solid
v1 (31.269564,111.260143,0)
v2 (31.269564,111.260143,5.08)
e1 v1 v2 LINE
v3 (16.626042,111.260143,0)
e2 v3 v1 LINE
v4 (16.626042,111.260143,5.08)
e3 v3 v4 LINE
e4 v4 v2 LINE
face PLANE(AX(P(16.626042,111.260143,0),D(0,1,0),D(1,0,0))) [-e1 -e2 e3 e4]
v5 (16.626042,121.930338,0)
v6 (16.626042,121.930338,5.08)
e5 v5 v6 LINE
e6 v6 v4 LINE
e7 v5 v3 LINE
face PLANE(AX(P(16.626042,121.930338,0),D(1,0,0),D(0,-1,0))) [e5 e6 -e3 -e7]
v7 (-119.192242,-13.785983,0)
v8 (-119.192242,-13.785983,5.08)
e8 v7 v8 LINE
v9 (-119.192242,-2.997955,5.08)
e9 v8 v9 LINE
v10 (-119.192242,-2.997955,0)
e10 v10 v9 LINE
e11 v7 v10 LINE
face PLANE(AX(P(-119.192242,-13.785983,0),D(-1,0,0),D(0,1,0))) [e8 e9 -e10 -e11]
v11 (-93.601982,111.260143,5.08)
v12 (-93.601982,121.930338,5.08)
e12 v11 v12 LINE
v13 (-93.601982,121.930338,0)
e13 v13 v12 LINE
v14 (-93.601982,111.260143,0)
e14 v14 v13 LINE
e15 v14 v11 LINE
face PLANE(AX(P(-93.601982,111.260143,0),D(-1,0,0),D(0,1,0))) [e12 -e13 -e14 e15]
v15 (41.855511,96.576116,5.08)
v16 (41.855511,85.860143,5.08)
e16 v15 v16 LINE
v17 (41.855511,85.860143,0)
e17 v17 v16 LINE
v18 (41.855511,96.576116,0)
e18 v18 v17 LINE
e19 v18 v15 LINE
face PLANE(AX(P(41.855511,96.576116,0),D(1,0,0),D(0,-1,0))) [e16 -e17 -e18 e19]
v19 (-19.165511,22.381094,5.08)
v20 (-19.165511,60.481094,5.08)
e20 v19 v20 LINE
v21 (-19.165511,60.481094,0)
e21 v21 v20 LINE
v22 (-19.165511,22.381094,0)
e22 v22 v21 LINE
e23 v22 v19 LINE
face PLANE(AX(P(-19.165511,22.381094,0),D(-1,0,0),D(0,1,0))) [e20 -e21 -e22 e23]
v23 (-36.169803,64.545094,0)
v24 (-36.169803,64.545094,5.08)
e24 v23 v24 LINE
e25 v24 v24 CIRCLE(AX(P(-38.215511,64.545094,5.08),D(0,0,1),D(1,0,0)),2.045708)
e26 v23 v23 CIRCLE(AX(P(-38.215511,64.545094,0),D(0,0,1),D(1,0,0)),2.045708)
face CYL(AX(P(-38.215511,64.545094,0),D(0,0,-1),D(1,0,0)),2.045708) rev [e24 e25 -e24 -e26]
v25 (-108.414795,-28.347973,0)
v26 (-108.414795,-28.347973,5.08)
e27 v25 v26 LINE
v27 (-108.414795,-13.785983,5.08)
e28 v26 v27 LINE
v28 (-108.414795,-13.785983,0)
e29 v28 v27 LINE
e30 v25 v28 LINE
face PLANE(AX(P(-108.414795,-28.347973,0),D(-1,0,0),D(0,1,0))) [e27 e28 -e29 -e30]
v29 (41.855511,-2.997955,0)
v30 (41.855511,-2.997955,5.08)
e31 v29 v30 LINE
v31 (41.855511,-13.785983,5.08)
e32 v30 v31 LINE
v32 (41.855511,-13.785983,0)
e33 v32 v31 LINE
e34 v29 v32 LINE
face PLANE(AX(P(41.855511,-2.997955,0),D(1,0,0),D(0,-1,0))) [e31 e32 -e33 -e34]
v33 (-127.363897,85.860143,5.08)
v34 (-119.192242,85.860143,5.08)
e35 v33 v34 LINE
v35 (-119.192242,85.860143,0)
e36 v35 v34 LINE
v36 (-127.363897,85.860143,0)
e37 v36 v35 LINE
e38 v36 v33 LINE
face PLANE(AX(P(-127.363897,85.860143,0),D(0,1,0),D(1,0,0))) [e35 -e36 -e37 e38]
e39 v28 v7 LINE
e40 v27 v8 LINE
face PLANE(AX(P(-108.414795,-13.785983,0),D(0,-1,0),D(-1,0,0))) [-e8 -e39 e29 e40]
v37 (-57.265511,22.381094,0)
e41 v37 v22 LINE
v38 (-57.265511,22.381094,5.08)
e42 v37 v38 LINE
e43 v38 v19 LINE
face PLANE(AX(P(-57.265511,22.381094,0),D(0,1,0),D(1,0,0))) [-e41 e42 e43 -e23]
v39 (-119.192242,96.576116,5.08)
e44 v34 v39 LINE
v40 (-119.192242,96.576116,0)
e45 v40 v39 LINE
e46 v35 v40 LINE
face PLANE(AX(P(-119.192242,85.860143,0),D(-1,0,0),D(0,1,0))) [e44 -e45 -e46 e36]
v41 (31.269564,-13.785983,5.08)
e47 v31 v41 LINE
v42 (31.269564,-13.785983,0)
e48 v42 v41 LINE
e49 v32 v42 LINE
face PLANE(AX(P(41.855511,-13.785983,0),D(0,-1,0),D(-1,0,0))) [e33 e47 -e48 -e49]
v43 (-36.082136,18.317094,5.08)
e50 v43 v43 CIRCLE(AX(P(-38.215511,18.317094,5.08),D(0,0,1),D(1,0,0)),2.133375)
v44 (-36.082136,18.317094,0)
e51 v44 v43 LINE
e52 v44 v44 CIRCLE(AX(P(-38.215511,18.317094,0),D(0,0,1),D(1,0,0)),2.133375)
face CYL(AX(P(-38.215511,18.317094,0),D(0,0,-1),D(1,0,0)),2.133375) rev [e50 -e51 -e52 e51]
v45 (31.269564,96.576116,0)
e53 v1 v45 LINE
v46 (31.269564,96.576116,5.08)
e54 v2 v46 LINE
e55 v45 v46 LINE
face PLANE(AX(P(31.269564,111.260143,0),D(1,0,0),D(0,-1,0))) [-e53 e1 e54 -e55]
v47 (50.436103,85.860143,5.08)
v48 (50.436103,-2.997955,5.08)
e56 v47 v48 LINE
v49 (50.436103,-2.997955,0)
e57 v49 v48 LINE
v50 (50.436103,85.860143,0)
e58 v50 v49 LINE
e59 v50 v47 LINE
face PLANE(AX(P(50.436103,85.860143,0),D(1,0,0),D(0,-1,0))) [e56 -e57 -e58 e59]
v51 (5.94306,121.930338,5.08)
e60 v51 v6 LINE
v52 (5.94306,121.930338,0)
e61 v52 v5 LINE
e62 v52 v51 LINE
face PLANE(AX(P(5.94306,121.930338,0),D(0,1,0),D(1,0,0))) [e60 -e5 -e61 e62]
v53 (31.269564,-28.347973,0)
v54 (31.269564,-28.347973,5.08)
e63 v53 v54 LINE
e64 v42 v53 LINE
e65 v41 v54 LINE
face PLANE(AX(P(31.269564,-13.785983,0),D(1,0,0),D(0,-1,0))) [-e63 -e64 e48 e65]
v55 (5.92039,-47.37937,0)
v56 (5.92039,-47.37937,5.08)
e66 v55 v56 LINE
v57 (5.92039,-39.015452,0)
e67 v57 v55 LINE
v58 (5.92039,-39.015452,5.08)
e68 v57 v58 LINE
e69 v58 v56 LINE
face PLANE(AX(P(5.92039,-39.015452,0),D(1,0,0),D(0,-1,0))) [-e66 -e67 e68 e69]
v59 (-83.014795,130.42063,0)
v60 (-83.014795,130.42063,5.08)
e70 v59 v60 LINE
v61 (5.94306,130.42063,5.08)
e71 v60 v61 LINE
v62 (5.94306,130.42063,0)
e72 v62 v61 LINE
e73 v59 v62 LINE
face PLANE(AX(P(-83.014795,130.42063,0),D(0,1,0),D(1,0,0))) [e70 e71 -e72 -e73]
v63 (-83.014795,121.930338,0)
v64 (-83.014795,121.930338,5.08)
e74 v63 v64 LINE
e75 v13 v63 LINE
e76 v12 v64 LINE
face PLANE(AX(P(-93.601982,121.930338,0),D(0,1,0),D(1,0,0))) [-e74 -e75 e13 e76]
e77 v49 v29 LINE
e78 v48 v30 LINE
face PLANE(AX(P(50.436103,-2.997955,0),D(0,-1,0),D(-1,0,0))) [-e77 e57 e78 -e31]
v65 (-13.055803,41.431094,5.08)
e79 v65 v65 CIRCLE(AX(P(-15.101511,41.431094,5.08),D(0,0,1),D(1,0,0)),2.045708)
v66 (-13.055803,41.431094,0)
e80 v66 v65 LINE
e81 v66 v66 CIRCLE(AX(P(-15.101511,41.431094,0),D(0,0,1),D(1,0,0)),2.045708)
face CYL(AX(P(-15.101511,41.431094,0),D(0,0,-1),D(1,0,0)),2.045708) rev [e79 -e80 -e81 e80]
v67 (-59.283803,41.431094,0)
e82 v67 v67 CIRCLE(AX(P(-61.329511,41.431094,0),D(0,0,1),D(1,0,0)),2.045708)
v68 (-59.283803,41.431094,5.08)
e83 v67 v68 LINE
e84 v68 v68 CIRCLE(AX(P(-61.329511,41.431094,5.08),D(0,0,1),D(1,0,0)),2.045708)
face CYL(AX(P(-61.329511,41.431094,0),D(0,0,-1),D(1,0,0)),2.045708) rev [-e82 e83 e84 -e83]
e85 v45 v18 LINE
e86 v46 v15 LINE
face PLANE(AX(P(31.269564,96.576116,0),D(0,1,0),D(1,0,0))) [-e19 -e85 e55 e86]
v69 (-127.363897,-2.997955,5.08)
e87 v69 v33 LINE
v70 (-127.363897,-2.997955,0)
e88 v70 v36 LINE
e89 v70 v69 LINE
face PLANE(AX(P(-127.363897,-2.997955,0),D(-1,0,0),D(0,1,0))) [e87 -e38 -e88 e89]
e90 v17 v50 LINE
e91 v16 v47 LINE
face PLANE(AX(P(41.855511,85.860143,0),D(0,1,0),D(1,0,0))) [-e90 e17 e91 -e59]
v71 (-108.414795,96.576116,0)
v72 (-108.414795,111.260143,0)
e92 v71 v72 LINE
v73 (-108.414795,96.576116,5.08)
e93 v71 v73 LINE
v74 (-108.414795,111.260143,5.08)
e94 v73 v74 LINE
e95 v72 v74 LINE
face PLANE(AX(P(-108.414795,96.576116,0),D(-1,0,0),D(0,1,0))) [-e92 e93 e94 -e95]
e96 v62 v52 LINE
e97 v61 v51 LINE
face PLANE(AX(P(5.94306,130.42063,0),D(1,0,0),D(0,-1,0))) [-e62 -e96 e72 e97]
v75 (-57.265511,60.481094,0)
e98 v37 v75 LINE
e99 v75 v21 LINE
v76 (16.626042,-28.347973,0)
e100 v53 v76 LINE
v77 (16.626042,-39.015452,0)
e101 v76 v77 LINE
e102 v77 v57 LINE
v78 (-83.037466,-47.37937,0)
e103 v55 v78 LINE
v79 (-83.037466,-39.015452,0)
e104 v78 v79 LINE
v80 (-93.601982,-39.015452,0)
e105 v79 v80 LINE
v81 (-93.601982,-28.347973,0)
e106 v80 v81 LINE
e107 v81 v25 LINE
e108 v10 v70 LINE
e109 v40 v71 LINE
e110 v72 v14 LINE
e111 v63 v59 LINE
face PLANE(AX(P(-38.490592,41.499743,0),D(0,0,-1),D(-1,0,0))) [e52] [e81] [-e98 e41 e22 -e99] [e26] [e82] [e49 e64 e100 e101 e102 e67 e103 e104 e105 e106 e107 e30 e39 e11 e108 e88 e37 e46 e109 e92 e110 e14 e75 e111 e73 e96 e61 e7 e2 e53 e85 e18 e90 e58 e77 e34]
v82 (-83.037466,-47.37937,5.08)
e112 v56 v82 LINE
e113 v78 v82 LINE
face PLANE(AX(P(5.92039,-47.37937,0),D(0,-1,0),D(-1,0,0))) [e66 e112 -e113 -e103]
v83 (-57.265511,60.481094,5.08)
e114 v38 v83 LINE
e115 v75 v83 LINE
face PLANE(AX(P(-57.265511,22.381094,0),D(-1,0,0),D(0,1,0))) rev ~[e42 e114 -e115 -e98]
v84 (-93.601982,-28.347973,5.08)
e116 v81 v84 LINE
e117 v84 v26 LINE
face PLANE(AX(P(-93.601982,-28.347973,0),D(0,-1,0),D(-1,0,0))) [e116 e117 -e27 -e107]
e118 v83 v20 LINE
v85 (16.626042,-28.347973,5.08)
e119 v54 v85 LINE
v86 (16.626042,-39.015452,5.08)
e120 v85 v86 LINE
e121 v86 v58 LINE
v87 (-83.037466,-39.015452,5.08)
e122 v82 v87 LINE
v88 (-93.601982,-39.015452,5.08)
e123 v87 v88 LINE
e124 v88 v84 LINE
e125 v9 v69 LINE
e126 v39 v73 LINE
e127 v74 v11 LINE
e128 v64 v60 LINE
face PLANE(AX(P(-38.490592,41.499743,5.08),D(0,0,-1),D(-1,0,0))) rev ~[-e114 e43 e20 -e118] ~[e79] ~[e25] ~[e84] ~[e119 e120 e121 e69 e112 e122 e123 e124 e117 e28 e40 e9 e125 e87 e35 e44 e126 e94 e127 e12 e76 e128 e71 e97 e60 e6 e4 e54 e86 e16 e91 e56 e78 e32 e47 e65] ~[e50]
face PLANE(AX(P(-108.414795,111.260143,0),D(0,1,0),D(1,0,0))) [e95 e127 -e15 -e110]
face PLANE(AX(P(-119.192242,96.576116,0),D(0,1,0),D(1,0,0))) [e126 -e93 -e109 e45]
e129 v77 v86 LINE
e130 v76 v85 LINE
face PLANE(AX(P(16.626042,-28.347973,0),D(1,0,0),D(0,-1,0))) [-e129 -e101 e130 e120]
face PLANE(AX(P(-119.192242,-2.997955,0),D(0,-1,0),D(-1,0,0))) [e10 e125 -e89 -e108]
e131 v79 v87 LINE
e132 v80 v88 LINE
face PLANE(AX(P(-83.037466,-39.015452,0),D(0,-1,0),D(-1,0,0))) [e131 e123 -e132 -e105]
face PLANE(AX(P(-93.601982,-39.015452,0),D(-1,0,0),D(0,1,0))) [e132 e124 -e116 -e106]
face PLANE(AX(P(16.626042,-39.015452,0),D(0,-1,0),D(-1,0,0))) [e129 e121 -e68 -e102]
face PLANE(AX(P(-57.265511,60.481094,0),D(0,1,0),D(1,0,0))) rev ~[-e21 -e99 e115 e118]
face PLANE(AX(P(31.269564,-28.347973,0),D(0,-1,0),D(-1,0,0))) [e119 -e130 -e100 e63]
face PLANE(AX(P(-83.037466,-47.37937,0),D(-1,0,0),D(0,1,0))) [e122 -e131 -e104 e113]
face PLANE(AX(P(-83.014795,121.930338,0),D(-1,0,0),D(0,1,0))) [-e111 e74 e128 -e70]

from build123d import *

# Parameters (mm, degrees)
SKETCH1_R           = 2.045707784
SKETCH1_R_2         = 2.13337502
SKETCH1_W           = 38.1
SKETCH1_H           = 38.1
BOSS_EXTRUDE3_DEPTH = 5.08


with BuildPart() as part:
    # Sketch1 → Boss-Extrude3 (new body)
    with BuildSketch(Plane.XY):
        Polygon((-83.014795154, 130.420630372), (5.943060379, 130.420630372), (5.943060379, 121.930337924), (16.626041869, 121.930337924), (16.626041869, 111.260143372), (31.269563819, 111.260143372), (31.269563819, 96.576116387), (41.855511127, 96.576116387), (41.855511127, 85.860143372), (50.436103152, 85.860143372), (50.436103152, -2.997954724), (41.855511127, -2.997954724), (41.855511127, -13.785983185), (31.269563819, -13.785983185), (31.269563819, -28.34797266), (16.626041869, -28.34797266), (16.626041869, -39.015452444), (5.9203896, -39.015452444), (5.9203896, -47.379369628), (-83.037465933, -47.379369628), (-83.037465933, -39.015452444), (-93.601982027, -39.015452444), (-93.601982027, -28.34797266), (-108.414795154, -28.34797266), (-108.414795154, -13.785983185), (-119.192241536, -13.785983185), (-119.192241536, -2.997954724), (-127.363896848, -2.997954724), (-127.363896848, 85.860143372), (-119.192241536, 85.860143372), (-119.192241536, 96.576116387), (-108.414795154, 96.576116387), (-108.414795154, 111.260143372), (-93.601982027, 111.260143372), (-93.601982027, 121.930337924), (-83.014795154, 121.930337924), align=None)
        with Locations((-61.329510567, 41.431094324)):
            Circle(SKETCH1_R, mode=Mode.SUBTRACT)
        with Locations((-38.215510567, 64.545094324)):
            Circle(SKETCH1_R, mode=Mode.SUBTRACT)
        with Locations((-15.101510567, 41.431094324)):
            Circle(SKETCH1_R, mode=Mode.SUBTRACT)
        with Locations((-38.215510567, 18.317094324)):
            Circle(SKETCH1_R_2, mode=Mode.SUBTRACT)
        with Locations((-38.215510567, 41.431094324)):
            Rectangle(SKETCH1_W, SKETCH1_H, mode=Mode.SUBTRACT)
    extrude(amount=BOSS_EXTRUDE3_DEPTH)


solid = part.part
